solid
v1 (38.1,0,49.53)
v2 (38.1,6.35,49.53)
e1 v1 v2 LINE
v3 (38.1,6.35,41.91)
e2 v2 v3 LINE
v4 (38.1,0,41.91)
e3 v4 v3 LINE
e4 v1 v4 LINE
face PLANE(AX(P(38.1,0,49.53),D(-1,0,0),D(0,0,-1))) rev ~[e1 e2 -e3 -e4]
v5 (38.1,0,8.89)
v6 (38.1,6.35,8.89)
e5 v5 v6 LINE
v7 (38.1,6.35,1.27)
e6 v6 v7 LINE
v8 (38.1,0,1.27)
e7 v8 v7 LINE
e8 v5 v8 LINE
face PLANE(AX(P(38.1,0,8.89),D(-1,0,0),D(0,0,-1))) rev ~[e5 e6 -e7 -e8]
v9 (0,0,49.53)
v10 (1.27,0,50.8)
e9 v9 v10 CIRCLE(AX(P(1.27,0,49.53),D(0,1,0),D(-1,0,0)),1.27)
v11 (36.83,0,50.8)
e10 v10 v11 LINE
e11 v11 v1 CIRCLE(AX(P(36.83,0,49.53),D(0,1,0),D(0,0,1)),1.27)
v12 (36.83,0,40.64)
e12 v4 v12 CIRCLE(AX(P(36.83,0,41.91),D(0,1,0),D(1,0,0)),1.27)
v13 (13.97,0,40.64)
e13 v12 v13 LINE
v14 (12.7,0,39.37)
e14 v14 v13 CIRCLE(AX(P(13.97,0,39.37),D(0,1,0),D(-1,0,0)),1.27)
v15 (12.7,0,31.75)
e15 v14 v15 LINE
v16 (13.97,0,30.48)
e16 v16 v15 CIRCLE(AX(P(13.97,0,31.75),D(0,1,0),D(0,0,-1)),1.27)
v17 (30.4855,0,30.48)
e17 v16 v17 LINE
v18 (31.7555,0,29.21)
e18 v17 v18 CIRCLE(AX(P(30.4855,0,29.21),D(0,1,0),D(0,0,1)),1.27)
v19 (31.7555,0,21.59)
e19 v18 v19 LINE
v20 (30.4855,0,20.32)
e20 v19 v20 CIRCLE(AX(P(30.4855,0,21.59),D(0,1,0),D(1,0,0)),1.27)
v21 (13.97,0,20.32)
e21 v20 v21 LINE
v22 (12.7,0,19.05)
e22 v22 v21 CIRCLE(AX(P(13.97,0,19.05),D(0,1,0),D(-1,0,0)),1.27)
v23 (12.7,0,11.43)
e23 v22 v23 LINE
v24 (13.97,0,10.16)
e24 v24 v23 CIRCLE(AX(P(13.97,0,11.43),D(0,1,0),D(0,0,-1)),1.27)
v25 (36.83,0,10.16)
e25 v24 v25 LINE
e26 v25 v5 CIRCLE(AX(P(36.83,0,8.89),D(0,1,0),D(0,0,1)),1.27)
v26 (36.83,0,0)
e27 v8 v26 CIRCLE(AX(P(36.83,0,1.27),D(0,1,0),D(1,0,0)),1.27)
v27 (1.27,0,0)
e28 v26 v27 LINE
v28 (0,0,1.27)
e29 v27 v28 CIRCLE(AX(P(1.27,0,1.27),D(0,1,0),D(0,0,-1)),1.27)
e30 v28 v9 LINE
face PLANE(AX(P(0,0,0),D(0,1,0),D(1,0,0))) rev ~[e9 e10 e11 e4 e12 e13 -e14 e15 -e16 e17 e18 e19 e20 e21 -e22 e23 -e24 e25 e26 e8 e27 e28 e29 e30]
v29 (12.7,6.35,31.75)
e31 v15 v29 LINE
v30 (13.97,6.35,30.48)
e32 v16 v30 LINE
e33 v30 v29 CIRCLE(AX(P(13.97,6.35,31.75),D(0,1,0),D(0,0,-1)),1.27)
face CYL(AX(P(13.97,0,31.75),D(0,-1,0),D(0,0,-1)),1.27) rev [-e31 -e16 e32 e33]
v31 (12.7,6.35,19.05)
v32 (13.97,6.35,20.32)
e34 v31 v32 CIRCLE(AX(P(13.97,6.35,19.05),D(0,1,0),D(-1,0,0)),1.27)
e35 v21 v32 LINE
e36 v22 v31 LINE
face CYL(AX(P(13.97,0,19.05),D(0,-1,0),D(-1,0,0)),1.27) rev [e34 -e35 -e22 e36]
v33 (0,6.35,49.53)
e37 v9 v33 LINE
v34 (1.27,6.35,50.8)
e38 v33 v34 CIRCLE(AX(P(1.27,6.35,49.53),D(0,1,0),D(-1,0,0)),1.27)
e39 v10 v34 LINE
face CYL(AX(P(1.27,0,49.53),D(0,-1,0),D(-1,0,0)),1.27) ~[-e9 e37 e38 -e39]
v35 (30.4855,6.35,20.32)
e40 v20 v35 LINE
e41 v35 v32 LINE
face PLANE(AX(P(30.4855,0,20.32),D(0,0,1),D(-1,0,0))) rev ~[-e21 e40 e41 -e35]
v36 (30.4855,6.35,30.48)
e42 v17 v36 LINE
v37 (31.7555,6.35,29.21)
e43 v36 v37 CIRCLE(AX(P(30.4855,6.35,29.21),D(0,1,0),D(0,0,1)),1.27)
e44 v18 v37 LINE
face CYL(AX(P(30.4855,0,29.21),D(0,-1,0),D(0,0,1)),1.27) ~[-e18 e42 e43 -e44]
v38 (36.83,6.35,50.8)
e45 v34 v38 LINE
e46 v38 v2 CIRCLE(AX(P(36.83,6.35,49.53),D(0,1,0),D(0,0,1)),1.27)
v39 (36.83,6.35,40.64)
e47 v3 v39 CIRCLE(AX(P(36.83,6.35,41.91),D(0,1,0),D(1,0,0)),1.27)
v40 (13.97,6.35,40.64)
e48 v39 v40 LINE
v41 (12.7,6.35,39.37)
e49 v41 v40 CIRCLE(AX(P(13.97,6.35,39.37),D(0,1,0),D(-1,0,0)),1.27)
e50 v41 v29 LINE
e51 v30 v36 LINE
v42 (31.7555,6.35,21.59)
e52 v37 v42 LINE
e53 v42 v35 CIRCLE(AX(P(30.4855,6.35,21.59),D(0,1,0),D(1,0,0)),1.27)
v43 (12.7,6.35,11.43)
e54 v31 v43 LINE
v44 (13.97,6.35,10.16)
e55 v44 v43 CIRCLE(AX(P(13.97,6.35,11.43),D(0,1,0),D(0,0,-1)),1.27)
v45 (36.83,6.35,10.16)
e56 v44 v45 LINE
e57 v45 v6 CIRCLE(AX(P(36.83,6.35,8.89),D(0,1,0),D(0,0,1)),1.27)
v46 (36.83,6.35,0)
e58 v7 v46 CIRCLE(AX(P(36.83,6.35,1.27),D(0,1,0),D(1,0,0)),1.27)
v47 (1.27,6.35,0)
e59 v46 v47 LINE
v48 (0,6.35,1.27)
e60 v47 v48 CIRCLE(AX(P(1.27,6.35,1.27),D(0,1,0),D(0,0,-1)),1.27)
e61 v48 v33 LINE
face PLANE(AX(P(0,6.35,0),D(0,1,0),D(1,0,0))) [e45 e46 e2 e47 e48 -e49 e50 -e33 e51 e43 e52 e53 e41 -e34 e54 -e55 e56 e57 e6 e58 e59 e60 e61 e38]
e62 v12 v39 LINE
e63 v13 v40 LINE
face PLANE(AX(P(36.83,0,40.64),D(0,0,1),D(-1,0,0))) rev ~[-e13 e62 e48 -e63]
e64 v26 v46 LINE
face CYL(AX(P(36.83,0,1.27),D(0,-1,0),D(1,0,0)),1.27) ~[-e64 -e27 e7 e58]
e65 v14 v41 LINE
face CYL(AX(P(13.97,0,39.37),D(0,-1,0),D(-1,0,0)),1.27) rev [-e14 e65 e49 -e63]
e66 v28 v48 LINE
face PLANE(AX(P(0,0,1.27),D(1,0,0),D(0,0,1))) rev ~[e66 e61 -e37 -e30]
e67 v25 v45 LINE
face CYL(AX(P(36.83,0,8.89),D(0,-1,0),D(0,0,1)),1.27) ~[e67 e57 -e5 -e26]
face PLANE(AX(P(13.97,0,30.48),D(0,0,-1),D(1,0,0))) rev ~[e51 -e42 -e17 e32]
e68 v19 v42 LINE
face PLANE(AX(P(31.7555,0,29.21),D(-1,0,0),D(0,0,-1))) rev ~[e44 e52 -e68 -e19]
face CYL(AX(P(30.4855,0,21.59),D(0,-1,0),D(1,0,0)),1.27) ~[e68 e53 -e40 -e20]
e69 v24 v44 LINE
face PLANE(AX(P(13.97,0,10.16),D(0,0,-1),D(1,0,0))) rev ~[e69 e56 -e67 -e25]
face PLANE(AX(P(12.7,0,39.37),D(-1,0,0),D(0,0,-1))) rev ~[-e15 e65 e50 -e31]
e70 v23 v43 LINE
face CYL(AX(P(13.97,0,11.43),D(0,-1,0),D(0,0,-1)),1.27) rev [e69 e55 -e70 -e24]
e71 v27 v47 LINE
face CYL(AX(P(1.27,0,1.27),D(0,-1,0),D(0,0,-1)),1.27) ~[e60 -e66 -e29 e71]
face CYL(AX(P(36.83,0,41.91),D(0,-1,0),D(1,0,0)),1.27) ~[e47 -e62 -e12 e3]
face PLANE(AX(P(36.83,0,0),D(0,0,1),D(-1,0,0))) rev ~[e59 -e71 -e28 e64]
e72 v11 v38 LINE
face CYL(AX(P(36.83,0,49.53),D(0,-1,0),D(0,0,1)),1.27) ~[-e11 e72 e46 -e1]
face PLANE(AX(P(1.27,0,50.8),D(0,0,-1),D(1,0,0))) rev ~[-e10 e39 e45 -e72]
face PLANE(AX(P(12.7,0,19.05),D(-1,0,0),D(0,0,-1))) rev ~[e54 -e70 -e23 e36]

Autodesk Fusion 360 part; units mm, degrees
sketch "Sketch1" plane through (0, 0, 0) normal (0, 1, 0) x (1, 0, 0)
  line L0 (0, -1.27) -> (0, -49.53)
  line L1 (1.27, -50.8) -> (36.83, -50.8)
  line L2 (38.1, -49.53) -> (38.1, -41.91)
  line L3 (36.83, -40.64) -> (13.97, -40.64)
  line L4 (12.7, -39.37) -> (12.7, -31.75)
  line L5 (13.97, -30.48) -> (30.4855, -30.48)
  line L6 (31.7555, -29.21) -> (31.7555, -21.59)
  line L7 (30.4855, -20.32) -> (13.97, -20.32)
  line L8 (12.7, -19.05) -> (12.7, -11.43)
  line L9 (13.97, -10.16) -> (36.83, -10.16)
  line L10 (38.1, -8.89) -> (38.1, -1.27)
  line L11 (36.83, 0) -> (1.27, 0)
  arc A0 (0, -49.53) -> (1.27, -50.8) centre (1.27, -49.53) ccw
  arc A1 (36.83, -50.8) -> (38.1, -49.53) centre (36.83, -49.53) ccw
  arc A2 (38.1, -41.91) -> (36.83, -40.64) centre (36.83, -41.91) ccw
  arc A3 (12.7, -39.37) -> (13.97, -40.64) centre (13.97, -39.37) ccw
  arc A4 (13.97, -30.48) -> (12.7, -31.75) centre (13.97, -31.75) ccw
  arc A5 (30.4855, -30.48) -> (31.7555, -29.21) centre (30.4855, -29.21) ccw
  arc A6 (31.7555, -21.59) -> (30.4855, -20.32) centre (30.4855, -21.59) ccw
  arc A7 (12.7, -19.05) -> (13.97, -20.32) centre (13.97, -19.05) ccw
  arc A8 (13.97, -10.16) -> (12.7, -11.43) centre (13.97, -11.43) ccw
  arc A9 (36.83, -10.16) -> (38.1, -8.89) centre (36.83, -8.89) ccw
  arc A10 (38.1, -1.27) -> (36.83, 0) centre (36.83, -1.27) ccw
  arc A11 (1.27, 0) -> (0, -1.27) centre (1.27, -1.27) ccw
  point P0 (0, -50.8)
  dimension "d1" = 50.8
  dimension "d2" = 1.27
extrude "Extrude1" add sketch "Sketch1" along normal blind 6.35
